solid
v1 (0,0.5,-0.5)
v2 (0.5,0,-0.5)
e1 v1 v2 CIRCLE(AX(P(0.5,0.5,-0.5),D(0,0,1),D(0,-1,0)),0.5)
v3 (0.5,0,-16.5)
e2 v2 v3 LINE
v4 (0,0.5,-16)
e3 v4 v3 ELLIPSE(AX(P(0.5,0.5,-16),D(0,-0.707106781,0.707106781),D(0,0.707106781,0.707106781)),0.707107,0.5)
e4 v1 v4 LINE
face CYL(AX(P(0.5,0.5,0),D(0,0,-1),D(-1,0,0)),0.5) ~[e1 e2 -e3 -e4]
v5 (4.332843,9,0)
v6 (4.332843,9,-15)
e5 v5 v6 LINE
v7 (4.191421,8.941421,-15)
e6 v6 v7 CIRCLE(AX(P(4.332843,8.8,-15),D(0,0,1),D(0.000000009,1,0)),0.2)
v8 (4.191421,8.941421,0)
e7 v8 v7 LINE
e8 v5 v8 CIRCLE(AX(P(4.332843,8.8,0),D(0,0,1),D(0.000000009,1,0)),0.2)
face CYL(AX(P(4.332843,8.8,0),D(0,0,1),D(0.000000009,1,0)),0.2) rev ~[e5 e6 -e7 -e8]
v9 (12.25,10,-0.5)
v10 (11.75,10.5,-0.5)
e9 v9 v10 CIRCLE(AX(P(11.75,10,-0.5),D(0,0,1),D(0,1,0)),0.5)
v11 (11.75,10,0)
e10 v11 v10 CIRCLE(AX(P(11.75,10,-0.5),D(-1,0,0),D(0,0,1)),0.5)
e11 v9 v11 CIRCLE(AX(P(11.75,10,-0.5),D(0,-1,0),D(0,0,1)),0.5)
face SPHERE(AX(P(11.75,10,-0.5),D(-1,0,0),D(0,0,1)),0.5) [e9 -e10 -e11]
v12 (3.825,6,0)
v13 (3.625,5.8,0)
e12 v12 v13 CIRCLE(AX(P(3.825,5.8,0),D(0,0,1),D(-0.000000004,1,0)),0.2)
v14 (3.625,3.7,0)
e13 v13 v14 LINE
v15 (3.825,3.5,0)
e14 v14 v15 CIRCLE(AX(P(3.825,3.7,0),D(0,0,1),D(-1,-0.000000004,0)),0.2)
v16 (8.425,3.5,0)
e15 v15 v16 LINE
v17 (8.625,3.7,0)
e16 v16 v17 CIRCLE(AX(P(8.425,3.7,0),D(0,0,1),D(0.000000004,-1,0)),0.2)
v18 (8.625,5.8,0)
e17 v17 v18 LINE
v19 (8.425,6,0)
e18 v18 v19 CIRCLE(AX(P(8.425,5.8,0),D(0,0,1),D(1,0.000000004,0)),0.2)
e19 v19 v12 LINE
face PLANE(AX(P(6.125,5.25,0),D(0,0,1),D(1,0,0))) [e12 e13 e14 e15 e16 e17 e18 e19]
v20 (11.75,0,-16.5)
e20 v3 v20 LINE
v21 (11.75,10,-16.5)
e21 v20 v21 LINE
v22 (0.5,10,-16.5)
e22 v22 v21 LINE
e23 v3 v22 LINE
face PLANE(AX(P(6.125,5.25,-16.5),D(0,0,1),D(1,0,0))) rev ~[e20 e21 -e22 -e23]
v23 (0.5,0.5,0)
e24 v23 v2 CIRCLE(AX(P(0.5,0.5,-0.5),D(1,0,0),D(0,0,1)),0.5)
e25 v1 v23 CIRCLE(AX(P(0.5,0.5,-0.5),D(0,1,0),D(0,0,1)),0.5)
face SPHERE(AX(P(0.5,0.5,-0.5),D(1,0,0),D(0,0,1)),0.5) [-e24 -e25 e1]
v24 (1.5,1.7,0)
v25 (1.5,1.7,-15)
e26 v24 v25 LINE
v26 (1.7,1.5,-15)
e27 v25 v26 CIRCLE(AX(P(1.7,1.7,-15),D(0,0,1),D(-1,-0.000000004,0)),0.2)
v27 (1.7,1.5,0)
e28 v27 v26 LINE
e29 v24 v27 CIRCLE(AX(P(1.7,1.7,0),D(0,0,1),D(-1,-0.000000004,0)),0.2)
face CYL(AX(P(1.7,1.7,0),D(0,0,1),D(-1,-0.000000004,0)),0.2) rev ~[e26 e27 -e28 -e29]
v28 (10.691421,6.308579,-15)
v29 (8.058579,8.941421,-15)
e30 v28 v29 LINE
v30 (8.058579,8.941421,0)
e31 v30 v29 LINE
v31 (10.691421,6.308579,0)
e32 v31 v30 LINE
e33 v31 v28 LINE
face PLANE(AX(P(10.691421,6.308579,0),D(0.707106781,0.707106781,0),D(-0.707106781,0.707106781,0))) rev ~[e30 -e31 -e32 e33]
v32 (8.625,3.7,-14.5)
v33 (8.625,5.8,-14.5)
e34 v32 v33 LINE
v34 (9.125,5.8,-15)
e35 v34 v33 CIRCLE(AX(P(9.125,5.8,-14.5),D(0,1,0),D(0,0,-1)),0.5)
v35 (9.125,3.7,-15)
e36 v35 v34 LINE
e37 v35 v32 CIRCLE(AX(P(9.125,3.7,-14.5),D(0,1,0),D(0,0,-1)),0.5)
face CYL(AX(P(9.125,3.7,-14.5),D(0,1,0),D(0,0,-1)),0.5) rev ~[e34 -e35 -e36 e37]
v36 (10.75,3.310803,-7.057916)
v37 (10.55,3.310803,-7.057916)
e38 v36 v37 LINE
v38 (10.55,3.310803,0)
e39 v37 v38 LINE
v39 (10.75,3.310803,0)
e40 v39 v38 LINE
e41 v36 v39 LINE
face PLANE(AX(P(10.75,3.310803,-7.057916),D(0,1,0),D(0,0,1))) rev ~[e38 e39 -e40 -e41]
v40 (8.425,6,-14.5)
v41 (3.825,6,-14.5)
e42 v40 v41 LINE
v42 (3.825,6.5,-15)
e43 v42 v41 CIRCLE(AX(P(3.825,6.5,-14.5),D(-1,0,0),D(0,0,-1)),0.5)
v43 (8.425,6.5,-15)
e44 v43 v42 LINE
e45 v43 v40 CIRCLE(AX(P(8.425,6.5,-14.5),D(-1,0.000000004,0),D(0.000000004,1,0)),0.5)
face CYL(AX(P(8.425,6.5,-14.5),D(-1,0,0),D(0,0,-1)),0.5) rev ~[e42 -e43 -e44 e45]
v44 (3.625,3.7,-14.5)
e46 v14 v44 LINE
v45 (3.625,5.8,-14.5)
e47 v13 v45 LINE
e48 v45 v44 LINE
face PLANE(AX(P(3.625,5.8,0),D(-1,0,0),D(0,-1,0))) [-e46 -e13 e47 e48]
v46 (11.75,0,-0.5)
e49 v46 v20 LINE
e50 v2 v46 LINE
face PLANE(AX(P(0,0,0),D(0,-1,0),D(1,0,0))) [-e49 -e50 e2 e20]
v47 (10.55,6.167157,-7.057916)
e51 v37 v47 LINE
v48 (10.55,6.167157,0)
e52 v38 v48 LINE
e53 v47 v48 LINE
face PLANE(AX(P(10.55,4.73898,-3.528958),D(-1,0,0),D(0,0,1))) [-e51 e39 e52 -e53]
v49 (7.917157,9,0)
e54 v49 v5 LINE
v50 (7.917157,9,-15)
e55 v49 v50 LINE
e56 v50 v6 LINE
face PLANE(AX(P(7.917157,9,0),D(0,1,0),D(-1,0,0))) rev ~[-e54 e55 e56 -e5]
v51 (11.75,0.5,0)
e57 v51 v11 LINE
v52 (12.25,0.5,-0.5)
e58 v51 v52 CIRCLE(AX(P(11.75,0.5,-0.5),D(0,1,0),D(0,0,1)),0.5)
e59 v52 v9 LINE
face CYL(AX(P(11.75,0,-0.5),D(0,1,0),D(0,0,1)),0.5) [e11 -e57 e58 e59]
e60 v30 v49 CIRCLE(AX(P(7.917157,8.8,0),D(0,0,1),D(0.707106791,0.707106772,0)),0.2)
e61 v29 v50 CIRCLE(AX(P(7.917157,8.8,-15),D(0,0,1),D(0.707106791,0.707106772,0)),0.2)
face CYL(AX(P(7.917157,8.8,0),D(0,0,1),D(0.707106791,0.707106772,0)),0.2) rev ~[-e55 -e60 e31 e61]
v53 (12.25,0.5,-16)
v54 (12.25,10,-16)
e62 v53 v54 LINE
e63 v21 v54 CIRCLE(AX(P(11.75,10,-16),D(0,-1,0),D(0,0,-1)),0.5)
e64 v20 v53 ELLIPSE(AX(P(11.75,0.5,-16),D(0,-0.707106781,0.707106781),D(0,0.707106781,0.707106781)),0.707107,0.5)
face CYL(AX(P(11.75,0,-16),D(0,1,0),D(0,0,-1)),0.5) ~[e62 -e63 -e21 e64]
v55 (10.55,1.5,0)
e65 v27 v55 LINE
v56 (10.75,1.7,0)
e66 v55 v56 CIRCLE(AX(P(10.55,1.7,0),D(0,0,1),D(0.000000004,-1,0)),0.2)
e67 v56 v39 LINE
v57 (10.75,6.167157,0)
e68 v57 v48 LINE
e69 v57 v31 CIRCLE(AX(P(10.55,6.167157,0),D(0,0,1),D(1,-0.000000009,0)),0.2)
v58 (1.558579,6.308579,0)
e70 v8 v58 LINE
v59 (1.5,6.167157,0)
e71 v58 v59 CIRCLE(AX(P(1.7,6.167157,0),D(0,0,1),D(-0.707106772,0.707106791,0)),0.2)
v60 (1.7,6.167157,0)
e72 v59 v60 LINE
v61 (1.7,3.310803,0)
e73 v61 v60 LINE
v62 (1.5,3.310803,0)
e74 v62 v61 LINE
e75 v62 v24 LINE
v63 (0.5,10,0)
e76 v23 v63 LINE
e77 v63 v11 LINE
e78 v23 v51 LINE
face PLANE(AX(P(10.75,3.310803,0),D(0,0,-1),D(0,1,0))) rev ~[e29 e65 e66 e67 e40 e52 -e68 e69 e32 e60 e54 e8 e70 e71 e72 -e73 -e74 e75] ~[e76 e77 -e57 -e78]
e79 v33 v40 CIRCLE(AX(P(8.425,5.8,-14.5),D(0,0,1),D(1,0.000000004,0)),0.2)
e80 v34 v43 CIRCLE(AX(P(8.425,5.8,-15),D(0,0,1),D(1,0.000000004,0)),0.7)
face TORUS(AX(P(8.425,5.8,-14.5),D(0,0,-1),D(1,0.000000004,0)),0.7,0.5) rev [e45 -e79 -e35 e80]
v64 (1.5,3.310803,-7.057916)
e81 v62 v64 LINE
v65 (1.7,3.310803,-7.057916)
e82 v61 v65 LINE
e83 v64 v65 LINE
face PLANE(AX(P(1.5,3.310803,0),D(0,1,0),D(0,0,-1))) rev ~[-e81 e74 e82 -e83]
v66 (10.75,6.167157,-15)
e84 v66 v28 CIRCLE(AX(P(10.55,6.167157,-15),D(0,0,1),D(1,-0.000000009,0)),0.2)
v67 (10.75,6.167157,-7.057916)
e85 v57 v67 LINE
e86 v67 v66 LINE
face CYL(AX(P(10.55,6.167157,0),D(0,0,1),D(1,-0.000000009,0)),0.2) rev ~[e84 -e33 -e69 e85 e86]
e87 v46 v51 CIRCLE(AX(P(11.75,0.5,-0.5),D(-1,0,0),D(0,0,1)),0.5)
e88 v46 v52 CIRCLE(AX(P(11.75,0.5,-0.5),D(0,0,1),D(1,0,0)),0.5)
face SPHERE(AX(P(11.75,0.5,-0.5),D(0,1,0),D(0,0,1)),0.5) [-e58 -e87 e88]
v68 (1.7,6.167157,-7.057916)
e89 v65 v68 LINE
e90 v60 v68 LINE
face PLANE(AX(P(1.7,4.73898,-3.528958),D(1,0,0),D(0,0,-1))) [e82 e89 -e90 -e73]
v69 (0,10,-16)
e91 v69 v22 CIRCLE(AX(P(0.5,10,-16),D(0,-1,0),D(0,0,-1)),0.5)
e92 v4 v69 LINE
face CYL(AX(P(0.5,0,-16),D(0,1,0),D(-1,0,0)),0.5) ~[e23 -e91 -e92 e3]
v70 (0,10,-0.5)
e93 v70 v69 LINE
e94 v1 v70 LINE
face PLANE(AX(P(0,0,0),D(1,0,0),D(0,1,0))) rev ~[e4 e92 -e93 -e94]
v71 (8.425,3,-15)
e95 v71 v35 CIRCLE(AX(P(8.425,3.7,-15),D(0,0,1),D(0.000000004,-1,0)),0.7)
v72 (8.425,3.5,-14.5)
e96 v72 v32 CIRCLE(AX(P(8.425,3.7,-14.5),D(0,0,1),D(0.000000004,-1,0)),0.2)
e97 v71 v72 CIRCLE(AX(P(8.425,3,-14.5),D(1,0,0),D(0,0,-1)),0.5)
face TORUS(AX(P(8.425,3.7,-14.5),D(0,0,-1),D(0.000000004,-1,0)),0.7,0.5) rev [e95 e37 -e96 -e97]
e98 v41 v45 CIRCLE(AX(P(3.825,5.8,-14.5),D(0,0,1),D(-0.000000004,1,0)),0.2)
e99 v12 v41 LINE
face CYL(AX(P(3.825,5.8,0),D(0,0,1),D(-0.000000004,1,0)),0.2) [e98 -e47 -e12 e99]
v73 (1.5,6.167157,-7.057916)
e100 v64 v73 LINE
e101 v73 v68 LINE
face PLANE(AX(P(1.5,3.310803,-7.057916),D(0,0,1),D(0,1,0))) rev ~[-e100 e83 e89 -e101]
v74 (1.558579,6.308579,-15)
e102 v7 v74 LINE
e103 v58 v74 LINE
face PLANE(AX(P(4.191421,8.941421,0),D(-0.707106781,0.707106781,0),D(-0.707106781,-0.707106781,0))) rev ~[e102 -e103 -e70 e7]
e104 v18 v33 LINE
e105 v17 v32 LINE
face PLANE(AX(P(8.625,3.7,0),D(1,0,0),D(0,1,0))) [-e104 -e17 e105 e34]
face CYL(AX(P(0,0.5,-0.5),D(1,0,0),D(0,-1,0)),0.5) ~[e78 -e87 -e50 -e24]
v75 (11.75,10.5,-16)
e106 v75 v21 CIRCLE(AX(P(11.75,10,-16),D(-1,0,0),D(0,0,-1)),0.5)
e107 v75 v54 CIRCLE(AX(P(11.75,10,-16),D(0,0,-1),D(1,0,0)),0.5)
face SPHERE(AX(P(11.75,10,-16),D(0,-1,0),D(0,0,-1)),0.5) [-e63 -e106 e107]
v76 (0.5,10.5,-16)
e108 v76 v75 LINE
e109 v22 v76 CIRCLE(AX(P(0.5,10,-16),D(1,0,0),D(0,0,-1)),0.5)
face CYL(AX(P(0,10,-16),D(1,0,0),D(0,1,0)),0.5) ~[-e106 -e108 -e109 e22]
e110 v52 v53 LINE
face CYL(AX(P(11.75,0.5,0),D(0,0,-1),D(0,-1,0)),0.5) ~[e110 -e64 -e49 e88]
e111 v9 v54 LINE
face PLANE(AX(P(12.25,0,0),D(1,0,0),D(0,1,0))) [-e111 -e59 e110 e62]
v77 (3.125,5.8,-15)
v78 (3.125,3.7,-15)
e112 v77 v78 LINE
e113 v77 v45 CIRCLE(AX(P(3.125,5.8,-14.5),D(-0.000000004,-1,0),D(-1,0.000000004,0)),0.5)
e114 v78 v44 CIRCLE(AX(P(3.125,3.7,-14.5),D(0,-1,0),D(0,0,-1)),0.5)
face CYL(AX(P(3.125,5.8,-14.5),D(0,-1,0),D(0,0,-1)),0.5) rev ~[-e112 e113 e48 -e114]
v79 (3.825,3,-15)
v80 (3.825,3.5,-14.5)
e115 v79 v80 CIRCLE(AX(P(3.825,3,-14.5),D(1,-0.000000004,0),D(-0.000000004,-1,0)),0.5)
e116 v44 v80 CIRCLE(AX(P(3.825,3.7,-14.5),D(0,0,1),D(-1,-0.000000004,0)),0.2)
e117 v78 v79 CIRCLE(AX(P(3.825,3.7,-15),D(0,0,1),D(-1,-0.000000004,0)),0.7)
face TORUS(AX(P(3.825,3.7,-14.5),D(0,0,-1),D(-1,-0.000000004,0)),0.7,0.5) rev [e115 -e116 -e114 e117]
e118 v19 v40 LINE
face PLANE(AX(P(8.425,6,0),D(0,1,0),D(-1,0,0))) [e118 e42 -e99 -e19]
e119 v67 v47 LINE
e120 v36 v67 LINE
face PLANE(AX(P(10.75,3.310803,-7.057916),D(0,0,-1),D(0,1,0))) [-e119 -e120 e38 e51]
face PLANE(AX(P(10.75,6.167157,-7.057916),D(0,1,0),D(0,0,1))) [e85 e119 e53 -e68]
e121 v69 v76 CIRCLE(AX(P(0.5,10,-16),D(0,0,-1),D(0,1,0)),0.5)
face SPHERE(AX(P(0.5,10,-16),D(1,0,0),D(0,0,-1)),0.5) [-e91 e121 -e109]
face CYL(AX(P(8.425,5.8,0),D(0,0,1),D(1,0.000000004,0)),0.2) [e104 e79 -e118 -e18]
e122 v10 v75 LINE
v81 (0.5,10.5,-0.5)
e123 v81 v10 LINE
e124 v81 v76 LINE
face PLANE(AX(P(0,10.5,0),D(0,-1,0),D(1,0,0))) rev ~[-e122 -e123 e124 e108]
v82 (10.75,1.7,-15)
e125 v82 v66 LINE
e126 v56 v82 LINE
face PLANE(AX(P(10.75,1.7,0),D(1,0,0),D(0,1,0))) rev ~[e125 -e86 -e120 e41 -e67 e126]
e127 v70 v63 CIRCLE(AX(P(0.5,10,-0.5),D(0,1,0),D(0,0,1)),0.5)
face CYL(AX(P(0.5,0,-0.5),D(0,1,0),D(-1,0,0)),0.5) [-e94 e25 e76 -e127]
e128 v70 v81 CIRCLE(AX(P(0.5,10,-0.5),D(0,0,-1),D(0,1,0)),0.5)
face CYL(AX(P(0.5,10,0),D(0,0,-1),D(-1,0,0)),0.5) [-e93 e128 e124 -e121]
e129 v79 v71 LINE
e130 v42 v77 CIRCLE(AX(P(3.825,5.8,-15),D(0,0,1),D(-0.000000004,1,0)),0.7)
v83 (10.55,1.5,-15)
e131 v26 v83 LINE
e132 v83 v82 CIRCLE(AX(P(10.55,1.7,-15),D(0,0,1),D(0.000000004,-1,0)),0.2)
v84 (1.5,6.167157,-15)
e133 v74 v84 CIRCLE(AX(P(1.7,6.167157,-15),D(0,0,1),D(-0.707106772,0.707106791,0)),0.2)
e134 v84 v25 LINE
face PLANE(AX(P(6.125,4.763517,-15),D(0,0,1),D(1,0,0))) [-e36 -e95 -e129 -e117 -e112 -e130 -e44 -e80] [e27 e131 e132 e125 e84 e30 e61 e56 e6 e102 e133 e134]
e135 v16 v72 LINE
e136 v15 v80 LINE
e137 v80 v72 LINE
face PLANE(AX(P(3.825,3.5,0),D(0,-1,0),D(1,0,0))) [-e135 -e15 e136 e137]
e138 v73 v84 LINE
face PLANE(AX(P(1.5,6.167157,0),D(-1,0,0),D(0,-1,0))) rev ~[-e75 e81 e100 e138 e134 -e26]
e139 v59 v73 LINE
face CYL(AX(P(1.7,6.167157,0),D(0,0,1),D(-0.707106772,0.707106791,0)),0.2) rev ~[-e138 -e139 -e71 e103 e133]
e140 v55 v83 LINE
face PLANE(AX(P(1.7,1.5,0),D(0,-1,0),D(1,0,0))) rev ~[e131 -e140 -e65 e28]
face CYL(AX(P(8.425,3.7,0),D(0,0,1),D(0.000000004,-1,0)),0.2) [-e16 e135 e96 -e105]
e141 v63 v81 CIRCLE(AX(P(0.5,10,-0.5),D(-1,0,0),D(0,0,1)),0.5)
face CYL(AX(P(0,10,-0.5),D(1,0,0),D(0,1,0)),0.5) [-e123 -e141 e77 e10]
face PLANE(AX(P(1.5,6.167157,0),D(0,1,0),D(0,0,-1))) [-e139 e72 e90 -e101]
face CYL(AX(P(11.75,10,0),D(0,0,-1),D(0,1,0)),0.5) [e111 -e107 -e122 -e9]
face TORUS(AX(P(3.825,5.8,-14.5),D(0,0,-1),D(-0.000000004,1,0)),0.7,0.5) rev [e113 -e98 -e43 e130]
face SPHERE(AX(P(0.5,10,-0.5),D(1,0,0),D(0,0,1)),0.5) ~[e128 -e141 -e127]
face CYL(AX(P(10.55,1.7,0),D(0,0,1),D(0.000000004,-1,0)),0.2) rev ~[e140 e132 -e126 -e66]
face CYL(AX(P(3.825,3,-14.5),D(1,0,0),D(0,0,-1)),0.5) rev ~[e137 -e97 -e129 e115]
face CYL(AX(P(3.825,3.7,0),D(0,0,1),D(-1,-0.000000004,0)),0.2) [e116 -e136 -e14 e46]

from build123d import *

# Parameters (mm, degrees)
SKETCH1_W           = 12.25
SKETCH1_H           = 10.5
BOSS_EXTRUDE1_DEPTH = 16.5
CUT_EXTRUDE1_DEPTH  = 15
FILLET1_R           = 0.5
SKETCH8_W           = 7.057916012
SKETCH8_H           = 2.856354625
BOSS_EXTRUDE3_DEPTH = 0.2
SKETCH4_W           = 7.057916012
SKETCH4_H           = 2.856354625
BOSS_EXTRUDE4_DEPTH = 0.2


with BuildPart() as part:
    # Sketch1 → Boss-Extrude1 (new body)
    with BuildSketch(Plane.XY):
        with Locations((6.125, 5.25)):
            Rectangle(SKETCH1_W, SKETCH1_H)
    extrude(amount=-BOSS_EXTRUDE1_DEPTH)

    # Sketch3 → Cut-Extrude1 (cut)
    with BuildSketch(Plane.XY):
        with BuildLine():
            Line((1.5, 6.167157288), (1.5, 1.7))
            ThreePointArc((1.5, 1.7), (1.558578644, 1.558578644), (1.7, 1.5))
            Line((1.7, 1.5), (10.55, 1.5))
            ThreePointArc((10.55, 1.5), (10.691421356, 1.558578644), (10.75, 1.7))
            Line((10.75, 1.7), (10.75, 6.167157288))
            ThreePointArc((10.75, 6.167157288), (10.734775907, 6.243693974), (10.691421356, 6.308578644))
            Line((10.691421356, 6.308578644), (8.058578644, 8.941421356))
            ThreePointArc((8.058578644, 8.941421356), (7.993693974, 8.984775907), (7.917157288, 9))
            Line((7.917157288, 9), (4.332842712, 9))
            ThreePointArc((4.332842712, 9), (4.256306026, 8.984775907), (4.191421356, 8.941421356))
            Line((4.191421356, 8.941421356), (1.558578644, 6.308578644))
            ThreePointArc((1.558578644, 6.308578644), (1.515224093, 6.243693974), (1.5, 6.167157288))
        make_face()
        with BuildLine():
            ThreePointArc((3.825, 6), (3.683578644, 5.941421356), (3.625, 5.8))
            Line((3.625, 5.8), (3.625, 3.7))
            ThreePointArc((3.625, 3.7), (3.683578644, 3.558578644), (3.825, 3.5))
            Line((3.825, 3.5), (8.425, 3.5))
            ThreePointArc((8.425, 3.5), (8.566421356, 3.558578644), (8.625, 3.7))
            Line((8.625, 3.7), (8.625, 5.8))
            ThreePointArc((8.625, 5.8), (8.566421356, 5.941421356), (8.425, 6))
            Line((8.425, 6), (3.825, 6))
        make_face(mode=Mode.SUBTRACT)
    extrude(amount=-CUT_EXTRUDE1_DEPTH, mode=Mode.SUBTRACT)

    # Fillet1
    fillet1_edges = [part.edges().sort_by_distance(p)[0] for p in [
        (12.25, 5.25, -16.5),
        (6.125, 10.5, -16.5),
        (8.625, 4.75, -15),
        (8.566421356, 5.941421356, -15),
        (6.125, 6, -15),
        (3.683578644, 5.941421356, -15),
        (3.625, 4.75, -15),
        (3.683578644, 3.558578644, -15),
        (6.125, 3.5, -15),
        (8.566421356, 3.558578644, -15),
        (0, 5.25, -16.5),
        (6.125, 10.5, 0),
        (12.25, 5.25, 0),
        (6.125, 0, 0),
        (0, 5.25, 0),
        (0, 10.5, -8.25),
        (12.25, 10.5, -8.25),
        (12.25, 0, -8.25),
        (0, 0, -8.25),
    ]]
    fillet(fillet1_edges, radius=FILLET1_R)

    # Sketch8 → Boss-Extrude3 (add)
    with BuildSketch(Plane(origin=(1.5, 0, 0), x_dir=(0, 0, -1), z_dir=(1, 0, 0))):
        with Locations((3.528958006, 4.738979976)):
            Rectangle(SKETCH8_W, SKETCH8_H)
    extrude(amount=BOSS_EXTRUDE3_DEPTH)

    # Sketch4 → Boss-Extrude4 (add)
    with BuildSketch(Plane.ZY.offset(-10.75)):
        with Locations((-3.528958006, 4.738979976)):
            Rectangle(SKETCH4_W, SKETCH4_H)
    extrude(amount=BOSS_EXTRUDE4_DEPTH)


solid = part.part
